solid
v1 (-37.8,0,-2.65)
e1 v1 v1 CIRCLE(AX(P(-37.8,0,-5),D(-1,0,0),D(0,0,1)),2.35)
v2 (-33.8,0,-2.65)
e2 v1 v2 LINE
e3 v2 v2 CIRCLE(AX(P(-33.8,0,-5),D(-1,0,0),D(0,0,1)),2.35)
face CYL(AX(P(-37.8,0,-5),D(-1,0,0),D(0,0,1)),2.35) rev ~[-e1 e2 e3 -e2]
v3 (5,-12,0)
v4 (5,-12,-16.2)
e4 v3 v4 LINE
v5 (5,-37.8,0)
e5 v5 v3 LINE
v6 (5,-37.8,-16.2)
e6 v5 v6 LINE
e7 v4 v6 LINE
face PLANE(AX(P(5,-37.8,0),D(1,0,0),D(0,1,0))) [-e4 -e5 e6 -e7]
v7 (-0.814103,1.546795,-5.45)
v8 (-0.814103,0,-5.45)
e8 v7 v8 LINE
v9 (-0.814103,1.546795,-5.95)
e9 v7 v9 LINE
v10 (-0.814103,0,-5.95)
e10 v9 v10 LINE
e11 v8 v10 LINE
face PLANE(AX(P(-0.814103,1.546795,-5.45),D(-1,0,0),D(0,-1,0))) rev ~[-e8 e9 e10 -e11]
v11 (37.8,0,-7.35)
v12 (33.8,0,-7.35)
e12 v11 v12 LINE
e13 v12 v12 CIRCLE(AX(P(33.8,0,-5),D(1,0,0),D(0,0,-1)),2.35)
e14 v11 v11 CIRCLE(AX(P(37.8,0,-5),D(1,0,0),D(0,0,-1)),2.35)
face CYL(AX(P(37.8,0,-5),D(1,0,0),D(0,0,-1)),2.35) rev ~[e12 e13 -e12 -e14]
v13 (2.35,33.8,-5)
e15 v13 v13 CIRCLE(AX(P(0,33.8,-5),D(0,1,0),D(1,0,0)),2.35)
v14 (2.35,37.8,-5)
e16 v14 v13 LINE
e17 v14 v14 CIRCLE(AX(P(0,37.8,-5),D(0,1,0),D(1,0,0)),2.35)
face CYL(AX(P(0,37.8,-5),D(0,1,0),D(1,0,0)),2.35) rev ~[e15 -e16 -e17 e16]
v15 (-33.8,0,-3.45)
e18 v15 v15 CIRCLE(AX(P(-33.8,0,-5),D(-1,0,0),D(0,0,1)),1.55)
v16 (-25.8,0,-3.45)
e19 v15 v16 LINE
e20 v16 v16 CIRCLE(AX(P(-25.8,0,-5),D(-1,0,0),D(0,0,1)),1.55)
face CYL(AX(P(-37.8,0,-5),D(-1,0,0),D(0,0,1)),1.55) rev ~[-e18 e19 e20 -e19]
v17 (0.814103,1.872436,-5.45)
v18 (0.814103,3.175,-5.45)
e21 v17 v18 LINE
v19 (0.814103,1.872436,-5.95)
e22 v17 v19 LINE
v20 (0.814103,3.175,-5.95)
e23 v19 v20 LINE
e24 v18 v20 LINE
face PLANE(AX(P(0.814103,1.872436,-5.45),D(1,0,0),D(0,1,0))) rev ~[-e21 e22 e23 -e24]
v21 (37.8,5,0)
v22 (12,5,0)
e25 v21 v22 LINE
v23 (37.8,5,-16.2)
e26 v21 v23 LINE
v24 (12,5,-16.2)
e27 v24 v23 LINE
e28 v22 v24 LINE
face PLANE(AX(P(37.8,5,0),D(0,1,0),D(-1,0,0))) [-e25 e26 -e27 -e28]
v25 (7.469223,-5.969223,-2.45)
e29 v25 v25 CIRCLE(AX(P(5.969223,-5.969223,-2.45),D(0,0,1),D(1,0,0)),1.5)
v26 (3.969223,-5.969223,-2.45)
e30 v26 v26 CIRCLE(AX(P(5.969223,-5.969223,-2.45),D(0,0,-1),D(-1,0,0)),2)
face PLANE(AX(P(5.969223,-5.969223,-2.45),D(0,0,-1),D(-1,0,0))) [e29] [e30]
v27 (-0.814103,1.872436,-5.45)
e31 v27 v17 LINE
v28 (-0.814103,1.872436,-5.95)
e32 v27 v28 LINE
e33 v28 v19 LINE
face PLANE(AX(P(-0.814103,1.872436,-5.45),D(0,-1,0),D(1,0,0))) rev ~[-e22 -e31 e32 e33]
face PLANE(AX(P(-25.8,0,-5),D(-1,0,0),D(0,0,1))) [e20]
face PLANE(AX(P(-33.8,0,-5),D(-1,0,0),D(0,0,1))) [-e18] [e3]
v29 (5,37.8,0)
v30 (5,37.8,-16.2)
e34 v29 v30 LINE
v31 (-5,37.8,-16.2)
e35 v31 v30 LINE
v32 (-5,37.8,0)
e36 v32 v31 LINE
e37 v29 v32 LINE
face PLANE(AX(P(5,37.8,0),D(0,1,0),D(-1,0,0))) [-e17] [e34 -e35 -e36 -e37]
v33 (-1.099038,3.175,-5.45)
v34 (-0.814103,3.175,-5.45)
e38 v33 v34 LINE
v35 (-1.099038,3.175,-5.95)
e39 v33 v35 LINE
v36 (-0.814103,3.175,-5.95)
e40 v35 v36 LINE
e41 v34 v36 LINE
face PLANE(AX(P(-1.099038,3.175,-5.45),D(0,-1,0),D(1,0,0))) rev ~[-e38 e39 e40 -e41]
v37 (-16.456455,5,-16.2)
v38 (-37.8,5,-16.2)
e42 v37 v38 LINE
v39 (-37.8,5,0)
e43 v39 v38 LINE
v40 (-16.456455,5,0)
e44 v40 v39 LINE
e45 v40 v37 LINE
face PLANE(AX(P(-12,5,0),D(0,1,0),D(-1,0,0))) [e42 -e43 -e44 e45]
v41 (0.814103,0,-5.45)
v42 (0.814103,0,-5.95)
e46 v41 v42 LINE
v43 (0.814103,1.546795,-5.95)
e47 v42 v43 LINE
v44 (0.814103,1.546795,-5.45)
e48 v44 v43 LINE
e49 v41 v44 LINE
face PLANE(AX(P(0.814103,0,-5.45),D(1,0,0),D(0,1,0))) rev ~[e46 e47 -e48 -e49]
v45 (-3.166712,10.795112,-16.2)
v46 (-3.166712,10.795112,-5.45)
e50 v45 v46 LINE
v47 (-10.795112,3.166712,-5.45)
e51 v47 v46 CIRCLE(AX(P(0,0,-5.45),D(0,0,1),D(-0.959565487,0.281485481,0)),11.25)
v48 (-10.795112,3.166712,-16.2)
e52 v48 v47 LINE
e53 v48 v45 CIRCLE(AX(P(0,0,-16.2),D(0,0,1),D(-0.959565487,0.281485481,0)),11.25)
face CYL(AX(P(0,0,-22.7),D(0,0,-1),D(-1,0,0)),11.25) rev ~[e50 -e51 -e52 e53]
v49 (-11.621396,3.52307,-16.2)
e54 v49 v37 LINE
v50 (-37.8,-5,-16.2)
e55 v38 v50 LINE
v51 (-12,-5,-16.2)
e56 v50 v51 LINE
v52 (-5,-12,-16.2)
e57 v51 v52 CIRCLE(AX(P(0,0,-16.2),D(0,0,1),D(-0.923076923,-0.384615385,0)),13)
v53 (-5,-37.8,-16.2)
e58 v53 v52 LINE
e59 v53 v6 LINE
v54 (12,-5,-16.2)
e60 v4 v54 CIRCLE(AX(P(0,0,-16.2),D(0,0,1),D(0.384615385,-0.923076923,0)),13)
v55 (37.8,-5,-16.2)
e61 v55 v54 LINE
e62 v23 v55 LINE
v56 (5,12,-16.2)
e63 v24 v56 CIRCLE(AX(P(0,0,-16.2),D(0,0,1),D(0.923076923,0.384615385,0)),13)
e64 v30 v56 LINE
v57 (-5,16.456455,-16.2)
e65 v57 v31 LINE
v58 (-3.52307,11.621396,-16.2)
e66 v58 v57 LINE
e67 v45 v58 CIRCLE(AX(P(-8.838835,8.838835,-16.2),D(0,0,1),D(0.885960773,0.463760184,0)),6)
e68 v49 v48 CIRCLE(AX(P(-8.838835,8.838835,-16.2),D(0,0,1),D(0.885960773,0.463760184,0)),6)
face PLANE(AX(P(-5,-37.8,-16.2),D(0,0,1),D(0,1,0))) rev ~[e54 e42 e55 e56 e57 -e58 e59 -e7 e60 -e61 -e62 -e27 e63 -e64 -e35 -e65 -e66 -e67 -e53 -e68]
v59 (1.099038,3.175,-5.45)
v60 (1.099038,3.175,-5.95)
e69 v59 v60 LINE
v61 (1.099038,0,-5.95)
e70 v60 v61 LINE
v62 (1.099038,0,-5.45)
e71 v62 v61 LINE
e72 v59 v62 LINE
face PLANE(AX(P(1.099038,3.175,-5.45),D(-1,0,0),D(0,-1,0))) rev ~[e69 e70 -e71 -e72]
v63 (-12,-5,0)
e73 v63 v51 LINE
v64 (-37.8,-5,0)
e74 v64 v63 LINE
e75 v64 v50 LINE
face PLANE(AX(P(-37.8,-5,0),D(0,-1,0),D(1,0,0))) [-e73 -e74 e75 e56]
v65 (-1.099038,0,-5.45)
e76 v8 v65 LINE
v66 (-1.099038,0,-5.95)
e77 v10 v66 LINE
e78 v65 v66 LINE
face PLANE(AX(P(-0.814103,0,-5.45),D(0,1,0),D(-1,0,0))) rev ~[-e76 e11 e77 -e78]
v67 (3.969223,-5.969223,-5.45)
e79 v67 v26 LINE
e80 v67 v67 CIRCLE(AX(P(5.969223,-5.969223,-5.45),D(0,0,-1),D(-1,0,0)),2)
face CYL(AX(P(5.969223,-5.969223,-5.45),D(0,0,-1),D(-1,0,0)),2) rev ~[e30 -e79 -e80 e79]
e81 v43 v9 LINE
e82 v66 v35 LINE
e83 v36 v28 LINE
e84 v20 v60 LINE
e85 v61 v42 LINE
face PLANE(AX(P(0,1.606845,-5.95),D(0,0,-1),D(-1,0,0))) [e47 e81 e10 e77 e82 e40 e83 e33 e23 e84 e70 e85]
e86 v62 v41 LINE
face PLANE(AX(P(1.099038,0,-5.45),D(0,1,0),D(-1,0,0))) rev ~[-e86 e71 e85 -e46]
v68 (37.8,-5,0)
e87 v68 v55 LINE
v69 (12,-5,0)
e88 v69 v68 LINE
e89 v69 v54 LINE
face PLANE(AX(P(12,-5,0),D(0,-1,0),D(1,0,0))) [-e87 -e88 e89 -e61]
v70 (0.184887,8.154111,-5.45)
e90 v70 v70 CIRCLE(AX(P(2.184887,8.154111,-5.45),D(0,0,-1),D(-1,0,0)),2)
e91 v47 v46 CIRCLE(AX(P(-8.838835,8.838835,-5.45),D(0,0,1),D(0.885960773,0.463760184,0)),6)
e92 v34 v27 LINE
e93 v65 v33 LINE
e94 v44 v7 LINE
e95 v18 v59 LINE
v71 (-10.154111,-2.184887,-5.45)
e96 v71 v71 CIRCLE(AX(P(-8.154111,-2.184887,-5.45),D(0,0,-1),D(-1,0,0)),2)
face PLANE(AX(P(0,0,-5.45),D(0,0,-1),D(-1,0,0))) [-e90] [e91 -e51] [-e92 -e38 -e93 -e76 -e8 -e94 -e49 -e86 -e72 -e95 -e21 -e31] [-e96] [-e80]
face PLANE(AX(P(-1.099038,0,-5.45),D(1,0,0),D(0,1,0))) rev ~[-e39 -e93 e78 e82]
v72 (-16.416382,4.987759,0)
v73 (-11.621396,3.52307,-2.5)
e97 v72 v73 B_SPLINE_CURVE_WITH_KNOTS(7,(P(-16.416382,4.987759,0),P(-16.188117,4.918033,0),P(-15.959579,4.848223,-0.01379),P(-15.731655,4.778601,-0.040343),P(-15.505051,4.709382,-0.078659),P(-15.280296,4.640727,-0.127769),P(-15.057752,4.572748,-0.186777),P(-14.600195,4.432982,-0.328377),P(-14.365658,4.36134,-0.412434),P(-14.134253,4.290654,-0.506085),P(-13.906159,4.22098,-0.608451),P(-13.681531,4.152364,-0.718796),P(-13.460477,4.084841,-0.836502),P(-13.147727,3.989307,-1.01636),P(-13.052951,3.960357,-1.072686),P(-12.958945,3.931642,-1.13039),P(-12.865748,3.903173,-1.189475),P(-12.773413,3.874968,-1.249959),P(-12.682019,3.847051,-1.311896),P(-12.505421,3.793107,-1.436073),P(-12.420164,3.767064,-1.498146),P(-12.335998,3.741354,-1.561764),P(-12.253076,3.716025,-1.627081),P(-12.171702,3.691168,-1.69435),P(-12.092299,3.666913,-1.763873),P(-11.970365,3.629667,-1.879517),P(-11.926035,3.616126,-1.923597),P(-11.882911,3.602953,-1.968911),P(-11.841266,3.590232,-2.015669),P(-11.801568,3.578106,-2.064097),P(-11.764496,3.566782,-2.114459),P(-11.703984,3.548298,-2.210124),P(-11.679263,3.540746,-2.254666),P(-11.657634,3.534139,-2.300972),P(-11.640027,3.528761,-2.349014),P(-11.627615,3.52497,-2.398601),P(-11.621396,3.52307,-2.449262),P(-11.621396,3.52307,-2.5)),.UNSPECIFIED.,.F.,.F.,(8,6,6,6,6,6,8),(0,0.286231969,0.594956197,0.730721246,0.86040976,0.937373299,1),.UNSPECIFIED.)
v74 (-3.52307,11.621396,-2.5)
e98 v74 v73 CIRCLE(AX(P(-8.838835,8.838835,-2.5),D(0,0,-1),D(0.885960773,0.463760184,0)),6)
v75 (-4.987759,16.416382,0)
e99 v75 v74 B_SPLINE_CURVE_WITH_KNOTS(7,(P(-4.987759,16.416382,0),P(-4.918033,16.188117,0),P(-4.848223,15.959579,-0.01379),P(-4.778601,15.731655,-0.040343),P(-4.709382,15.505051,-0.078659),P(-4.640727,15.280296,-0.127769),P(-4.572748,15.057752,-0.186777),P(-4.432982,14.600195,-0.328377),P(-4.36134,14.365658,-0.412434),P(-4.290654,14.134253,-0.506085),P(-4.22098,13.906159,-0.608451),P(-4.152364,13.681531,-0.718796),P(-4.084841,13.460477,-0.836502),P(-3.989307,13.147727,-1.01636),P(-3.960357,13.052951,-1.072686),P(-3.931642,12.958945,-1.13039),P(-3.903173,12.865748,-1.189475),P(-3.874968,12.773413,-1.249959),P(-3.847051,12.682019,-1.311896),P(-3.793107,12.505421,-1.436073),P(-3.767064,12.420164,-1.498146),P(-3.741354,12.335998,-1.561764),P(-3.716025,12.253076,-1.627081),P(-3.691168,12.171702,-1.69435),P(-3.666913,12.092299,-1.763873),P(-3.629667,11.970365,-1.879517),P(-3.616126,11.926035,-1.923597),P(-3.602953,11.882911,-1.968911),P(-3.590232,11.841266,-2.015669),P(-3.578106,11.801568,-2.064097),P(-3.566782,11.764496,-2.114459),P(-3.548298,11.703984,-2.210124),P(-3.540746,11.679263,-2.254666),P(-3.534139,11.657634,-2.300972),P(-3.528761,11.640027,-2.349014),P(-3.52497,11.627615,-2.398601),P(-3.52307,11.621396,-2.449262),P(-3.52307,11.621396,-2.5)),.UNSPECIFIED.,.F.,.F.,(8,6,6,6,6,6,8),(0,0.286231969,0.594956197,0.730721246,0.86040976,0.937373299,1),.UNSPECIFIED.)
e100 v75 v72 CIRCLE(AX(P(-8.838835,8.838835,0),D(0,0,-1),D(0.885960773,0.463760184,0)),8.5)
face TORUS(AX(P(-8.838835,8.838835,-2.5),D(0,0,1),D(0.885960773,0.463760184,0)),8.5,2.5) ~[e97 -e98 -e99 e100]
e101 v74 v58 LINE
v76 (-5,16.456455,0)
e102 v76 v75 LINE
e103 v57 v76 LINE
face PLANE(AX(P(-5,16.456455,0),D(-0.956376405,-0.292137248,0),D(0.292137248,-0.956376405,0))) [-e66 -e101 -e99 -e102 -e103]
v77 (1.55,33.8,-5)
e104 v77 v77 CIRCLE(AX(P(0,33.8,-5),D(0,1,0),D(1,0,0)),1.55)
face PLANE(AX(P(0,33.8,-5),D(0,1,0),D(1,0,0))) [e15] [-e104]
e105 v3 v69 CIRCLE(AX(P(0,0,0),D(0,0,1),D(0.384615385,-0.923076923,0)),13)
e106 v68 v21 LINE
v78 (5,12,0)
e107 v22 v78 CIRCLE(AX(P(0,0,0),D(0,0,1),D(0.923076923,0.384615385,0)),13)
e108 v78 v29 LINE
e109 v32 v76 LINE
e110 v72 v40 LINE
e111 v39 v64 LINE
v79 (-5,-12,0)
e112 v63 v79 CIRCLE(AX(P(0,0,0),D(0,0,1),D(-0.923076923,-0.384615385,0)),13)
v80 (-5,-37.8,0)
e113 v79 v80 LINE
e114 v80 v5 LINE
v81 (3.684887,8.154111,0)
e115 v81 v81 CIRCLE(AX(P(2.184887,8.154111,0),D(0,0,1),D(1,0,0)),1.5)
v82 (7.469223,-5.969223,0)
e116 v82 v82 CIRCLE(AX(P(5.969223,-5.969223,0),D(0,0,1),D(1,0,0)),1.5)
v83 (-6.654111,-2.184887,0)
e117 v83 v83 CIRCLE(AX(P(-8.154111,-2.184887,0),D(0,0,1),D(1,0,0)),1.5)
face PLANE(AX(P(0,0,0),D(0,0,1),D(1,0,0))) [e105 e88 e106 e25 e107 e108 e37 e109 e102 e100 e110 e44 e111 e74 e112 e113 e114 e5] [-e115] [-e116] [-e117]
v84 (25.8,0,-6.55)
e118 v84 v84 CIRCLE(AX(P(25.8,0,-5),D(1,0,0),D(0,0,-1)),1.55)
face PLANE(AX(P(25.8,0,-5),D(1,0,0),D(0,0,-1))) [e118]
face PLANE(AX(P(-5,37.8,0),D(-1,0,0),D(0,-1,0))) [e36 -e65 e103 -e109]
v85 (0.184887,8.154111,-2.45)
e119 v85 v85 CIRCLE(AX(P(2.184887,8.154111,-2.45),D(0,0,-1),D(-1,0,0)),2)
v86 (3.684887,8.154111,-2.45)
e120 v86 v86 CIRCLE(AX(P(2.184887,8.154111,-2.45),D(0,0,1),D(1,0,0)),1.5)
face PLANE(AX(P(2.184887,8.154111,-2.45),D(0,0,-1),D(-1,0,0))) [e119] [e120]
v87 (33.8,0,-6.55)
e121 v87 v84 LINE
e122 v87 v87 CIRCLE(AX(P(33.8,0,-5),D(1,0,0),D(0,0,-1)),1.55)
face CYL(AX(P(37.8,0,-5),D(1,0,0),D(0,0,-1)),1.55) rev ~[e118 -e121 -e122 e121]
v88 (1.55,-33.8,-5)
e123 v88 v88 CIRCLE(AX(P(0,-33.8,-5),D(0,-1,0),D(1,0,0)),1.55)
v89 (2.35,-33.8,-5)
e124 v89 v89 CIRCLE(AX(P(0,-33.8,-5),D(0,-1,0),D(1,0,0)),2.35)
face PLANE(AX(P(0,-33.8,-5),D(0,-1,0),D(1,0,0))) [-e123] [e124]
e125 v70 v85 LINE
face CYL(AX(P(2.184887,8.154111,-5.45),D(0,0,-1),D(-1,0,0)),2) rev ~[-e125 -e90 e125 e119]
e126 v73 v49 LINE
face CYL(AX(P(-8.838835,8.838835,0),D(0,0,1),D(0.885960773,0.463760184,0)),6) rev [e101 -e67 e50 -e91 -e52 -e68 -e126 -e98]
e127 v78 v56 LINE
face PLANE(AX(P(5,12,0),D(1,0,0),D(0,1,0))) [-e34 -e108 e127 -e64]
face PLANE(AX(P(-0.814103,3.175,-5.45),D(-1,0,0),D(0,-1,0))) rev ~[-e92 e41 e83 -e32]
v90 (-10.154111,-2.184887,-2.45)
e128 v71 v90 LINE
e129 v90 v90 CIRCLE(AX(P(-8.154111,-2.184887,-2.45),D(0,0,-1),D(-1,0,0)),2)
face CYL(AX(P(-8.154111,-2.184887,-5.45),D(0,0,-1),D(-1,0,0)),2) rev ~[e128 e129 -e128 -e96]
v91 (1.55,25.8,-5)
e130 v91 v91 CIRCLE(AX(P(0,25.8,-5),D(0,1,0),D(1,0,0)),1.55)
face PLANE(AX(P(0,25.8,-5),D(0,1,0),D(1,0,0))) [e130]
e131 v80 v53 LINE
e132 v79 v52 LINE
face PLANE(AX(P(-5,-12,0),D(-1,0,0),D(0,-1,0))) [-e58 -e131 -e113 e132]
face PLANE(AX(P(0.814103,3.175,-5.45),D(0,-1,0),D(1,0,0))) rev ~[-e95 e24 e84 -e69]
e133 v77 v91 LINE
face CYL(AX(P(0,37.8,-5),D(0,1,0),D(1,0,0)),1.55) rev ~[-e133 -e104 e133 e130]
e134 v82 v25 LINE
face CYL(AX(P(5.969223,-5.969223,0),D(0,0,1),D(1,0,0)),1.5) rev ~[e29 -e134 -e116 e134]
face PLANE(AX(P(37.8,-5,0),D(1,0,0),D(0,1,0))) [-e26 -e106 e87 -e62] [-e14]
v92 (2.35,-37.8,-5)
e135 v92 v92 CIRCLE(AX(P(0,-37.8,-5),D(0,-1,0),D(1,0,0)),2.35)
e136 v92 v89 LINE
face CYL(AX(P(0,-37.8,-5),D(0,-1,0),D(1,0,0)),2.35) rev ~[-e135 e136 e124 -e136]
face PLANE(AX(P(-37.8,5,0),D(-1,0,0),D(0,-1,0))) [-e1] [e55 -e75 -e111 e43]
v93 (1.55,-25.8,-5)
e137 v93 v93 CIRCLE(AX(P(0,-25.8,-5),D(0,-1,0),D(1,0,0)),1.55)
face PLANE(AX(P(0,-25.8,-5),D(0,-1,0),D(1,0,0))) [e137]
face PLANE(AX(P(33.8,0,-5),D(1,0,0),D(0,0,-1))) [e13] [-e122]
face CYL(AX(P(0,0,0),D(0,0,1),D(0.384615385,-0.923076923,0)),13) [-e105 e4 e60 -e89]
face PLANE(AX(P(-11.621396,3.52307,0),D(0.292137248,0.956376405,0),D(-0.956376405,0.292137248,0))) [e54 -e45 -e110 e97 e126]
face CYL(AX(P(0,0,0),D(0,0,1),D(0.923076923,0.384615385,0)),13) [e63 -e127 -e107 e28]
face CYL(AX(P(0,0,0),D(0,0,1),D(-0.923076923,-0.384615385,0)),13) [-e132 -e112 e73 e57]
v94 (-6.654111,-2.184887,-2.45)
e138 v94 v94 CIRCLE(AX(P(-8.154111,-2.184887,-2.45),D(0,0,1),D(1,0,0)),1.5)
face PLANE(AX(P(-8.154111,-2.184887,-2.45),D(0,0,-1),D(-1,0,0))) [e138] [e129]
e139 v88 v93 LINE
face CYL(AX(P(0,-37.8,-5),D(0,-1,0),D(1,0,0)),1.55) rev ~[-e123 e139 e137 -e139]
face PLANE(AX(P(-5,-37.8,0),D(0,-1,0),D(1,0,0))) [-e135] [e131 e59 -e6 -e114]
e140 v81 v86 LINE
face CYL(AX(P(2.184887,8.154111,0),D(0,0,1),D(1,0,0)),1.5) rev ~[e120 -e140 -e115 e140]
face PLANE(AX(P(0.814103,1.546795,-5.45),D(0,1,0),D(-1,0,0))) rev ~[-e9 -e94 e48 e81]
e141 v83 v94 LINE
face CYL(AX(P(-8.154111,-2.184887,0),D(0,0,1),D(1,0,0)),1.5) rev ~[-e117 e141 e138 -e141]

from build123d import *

# Parameters (mm, degrees)
BOSS_EXTRUDE1_DEPTH     = 22.7
SKETCH5_R               = 1.5
CUT_EXTRUDE1_DEPTH      = 70
CUT_EXTRUDE3_DEPTH      = 17.25
CUT_EXTRUDE3_DEPTH_BACK = 17.25
SKETCH6_R               = 11.25
SKETCH7_R               = 2
CUT_EXTRUDE4_DEPTH      = 3
CUT_EXTRUDE5_DEPTH      = 58
CUT_EXTRUDE5_DEPTH_BACK = 66
SKETCH8_W               = 6.5
SKETCH8_H               = 75.6
SKETCH9_R               = 2.35
SKETCH9_R_2             = 1.55
CUT_EXTRUDE7_DEPTH      = 4
SKETCH9_3_R             = 1.55
CUT_EXTRUDE20_DEPTH     = 12
SKETCH21_R              = 2.35
SKETCH21_R_2            = 1.55
CUT_EXTRUDE22_DEPTH     = 4
SKETCH21_2_R            = 1.55
CUT_EXTRUDE23_DEPTH     = 12
CUT_EXTRUDE24_START     = -4
SKETCH19_R              = 2.35
SKETCH19_R_2            = 1.55
CUT_EXTRUDE24_DEPTH     = 4
CUT_EXTRUDE25_START     = -12
SKETCH19_2_R            = 1.55
CUT_EXTRUDE25_DEPTH     = 12
CUT_EXTRUDE26_START     = -4
SKETCH20_R              = 2.35
SKETCH20_R_2            = 1.55
CUT_EXTRUDE26_DEPTH     = 4
CUT_EXTRUDE27_START     = -12
SKETCH20_2_R            = 1.55
CUT_EXTRUDE27_DEPTH     = 12
FILLET2_R               = 2.5
BOSS_EXTRUDE2_DEPTH     = 0.5


with BuildPart() as part:
    # Sketch4 → Boss-Extrude1 (new body)
    with BuildSketch(Plane.XY):
        with BuildLine():
            Line((-5, 37.8), (-5, 12))
            ThreePointArc((-5, 12), (-9.192388155, 9.192388155), (-12, 5))
            Line((-12, 5), (-37.8, 5))
            Line((-37.8, 5), (-37.8, -5))
            Line((-37.8, -5), (-12, -5))
            ThreePointArc((-12, -5), (-9.192388155, -9.192388155), (-5, -12))
            Line((-5, -12), (-5, -37.8))
            Line((-5, -37.8), (5, -37.8))
            Line((5, -37.8), (5, -12))
            ThreePointArc((5, -12), (9.192388155, -9.192388155), (12, -5))
            Line((12, -5), (37.8, -5))
            Line((37.8, -5), (37.8, 5))
            Line((37.8, 5), (12, 5))
            ThreePointArc((12, 5), (9.192388155, 9.192388155), (5, 12))
            Line((5, 12), (5, 37.8))
            Line((5, 37.8), (-5, 37.8))
        make_face()
    extrude(amount=-BOSS_EXTRUDE1_DEPTH)

    # Sketch5 → Cut-Extrude1 (cut)
    with BuildSketch(Plane.XY):
        with Locations((2.184887392, 8.154110756)):
            Circle(SKETCH5_R)
        with Locations((-8.154110756, -2.184887392)):
            Circle(SKETCH5_R)
        with Locations((5.969223364, -5.969223364)):
            Circle(SKETCH5_R)
        with BuildLine():
            Line((-5, 16.456455054), (-3.523070126, 11.621395871))
            ThreePointArc((-3.523070126, 11.621395871), (-4.596194078, 4.596194078), (-11.621395871, 3.523070126))
            Line((-11.621395871, 3.523070126), (-16.456455054, 5))
            Line((-16.456455054, 5), (-14.526937175, 6.929517879))
            ThreePointArc((-14.526937175, 6.929517879), (-13.081475452, 13.081475452), (-6.929517879, 14.526937175))
            Line((-6.929517879, 14.526937175), (-5, 16.456455054))
        make_face()
    extrude(amount=-CUT_EXTRUDE1_DEPTH, mode=Mode.SUBTRACT)

    # Sketch6 → Cut-Extrude3 (cut, two sides: drawn at the far end of the back side and taken through both)
    with BuildSketch(Plane(origin=(0, 0, -22.7), x_dir=(-1, 0, 0), z_dir=(0, 0, -1)).offset(-CUT_EXTRUDE3_DEPTH_BACK)):
        Circle(SKETCH6_R)
    extrude(amount=CUT_EXTRUDE3_DEPTH + CUT_EXTRUDE3_DEPTH_BACK, mode=Mode.SUBTRACT)

    # Sketch7 → Cut-Extrude4 (cut)
    with BuildSketch(Plane(origin=(0, 0, -5.45), x_dir=(-1, 0, 0), z_dir=(0, 0, -1))):
        with Locations((-2.184887392, 8.154110756)):
            Circle(SKETCH7_R)
        with Locations((-5.969223364, -5.969223364)):
            Circle(SKETCH7_R)
        with Locations((8.154110756, -2.184887392)):
            Circle(SKETCH7_R)
    extrude(amount=-CUT_EXTRUDE4_DEPTH, mode=Mode.SUBTRACT)

    # Sketch8 → Cut-Extrude5 (cut, two sides: drawn at the far end of the back side and taken through both)
    with BuildSketch(Plane.ZY.offset(5).offset(-CUT_EXTRUDE5_DEPTH_BACK)):
        with Locations((-19.45, 0)):
            Rectangle(SKETCH8_W, SKETCH8_H)
    extrude(amount=CUT_EXTRUDE5_DEPTH + CUT_EXTRUDE5_DEPTH_BACK, mode=Mode.SUBTRACT)

    # Sketch9 → Cut-Extrude7 (cut)
    with BuildSketch(Plane(origin=(0, 37.8, 0), x_dir=(1, 0, 0), z_dir=(0, 1, 0))):
        with Locations((0, 5)):
            Circle(SKETCH9_R)
        with Locations((0, 5)):
            Circle(SKETCH9_R_2, mode=Mode.SUBTRACT)
    extrude(amount=-CUT_EXTRUDE7_DEPTH, mode=Mode.SUBTRACT)

    # Sketch9<3> → Cut-Extrude20 (cut)
    with BuildSketch(Plane(origin=(0, 37.8, 0), x_dir=(1, 0, 0), z_dir=(0, 1, 0))):
        with Locations((0, 5)):
            Circle(SKETCH9_3_R)
    extrude(amount=-CUT_EXTRUDE20_DEPTH, mode=Mode.SUBTRACT)

    # Sketch21 → Cut-Extrude22 (cut)
    with BuildSketch(Plane.ZY.offset(37.8)):
        with Locations((-5, 0)):
            Circle(SKETCH21_R)
        with Locations((-5, 0)):
            Circle(SKETCH21_R_2, mode=Mode.SUBTRACT)
    extrude(amount=-CUT_EXTRUDE22_DEPTH, mode=Mode.SUBTRACT)

    # Sketch21<2> → Cut-Extrude23 (cut)
    with BuildSketch(Plane.ZY.offset(37.8)):
        with Locations((-5, 0)):
            Circle(SKETCH21_2_R)
    extrude(amount=-CUT_EXTRUDE23_DEPTH, mode=Mode.SUBTRACT)

    # Sketch19 → Cut-Extrude24 (cut)
    with BuildSketch(Plane(origin=(37.8, 0, 0), x_dir=(0, 0, -1), z_dir=(1, 0, 0)).offset(CUT_EXTRUDE24_START)):
        with Locations((5, 0)):
            Circle(SKETCH19_R)
        with Locations((5, 0)):
            Circle(SKETCH19_R_2, mode=Mode.SUBTRACT)
    extrude(amount=CUT_EXTRUDE24_DEPTH, mode=Mode.SUBTRACT)

    # Sketch19<2> → Cut-Extrude25 (cut)
    with BuildSketch(Plane(origin=(37.8, 0, 0), x_dir=(0, 0, -1), z_dir=(1, 0, 0)).offset(CUT_EXTRUDE25_START)):
        with Locations((5, 0)):
            Circle(SKETCH19_2_R)
    extrude(amount=CUT_EXTRUDE25_DEPTH, mode=Mode.SUBTRACT)

    # Sketch20 → Cut-Extrude26 (cut)
    with BuildSketch(Plane.XZ.offset(37.8).offset(CUT_EXTRUDE26_START)):
        with Locations((0, -5)):
            Circle(SKETCH20_R)
        with Locations((0, -5)):
            Circle(SKETCH20_R_2, mode=Mode.SUBTRACT)
    extrude(amount=CUT_EXTRUDE26_DEPTH, mode=Mode.SUBTRACT)

    # Sketch20<2> → Cut-Extrude27 (cut)
    with BuildSketch(Plane.XZ.offset(37.8).offset(CUT_EXTRUDE27_START)):
        with Locations((0, -5)):
            Circle(SKETCH20_2_R)
    extrude(amount=CUT_EXTRUDE27_DEPTH, mode=Mode.SUBTRACT)

    # Fillet2
    fillet2_edges = [part.edges().sort_by_distance(p)[0] for p in [
        (-4.596194078, 4.596194078, 0),
    ]]
    fillet(fillet2_edges, radius=FILLET2_R)

    # Sketch22 → Boss-Extrude2 (add)
    with BuildSketch(Plane(origin=(0, 0, -5.45), x_dir=(-1, 0, 0), z_dir=(0, 0, -1))):
        Polygon((1.099038462, 3.175), (0.814102564, 3.175), (0.814102564, 1.872435897), (-0.814102564, 1.872435897), (-0.814102564, 3.175), (-1.099038462, 3.175), (-1.099038462, 0), (-0.814102564, 0), (-0.814102564, 1.546794872), (0.814102564, 1.546794872), (0.814102564, 0), (1.099038462, 0), align=None)
    extrude(amount=BOSS_EXTRUDE2_DEPTH)


solid = part.part
